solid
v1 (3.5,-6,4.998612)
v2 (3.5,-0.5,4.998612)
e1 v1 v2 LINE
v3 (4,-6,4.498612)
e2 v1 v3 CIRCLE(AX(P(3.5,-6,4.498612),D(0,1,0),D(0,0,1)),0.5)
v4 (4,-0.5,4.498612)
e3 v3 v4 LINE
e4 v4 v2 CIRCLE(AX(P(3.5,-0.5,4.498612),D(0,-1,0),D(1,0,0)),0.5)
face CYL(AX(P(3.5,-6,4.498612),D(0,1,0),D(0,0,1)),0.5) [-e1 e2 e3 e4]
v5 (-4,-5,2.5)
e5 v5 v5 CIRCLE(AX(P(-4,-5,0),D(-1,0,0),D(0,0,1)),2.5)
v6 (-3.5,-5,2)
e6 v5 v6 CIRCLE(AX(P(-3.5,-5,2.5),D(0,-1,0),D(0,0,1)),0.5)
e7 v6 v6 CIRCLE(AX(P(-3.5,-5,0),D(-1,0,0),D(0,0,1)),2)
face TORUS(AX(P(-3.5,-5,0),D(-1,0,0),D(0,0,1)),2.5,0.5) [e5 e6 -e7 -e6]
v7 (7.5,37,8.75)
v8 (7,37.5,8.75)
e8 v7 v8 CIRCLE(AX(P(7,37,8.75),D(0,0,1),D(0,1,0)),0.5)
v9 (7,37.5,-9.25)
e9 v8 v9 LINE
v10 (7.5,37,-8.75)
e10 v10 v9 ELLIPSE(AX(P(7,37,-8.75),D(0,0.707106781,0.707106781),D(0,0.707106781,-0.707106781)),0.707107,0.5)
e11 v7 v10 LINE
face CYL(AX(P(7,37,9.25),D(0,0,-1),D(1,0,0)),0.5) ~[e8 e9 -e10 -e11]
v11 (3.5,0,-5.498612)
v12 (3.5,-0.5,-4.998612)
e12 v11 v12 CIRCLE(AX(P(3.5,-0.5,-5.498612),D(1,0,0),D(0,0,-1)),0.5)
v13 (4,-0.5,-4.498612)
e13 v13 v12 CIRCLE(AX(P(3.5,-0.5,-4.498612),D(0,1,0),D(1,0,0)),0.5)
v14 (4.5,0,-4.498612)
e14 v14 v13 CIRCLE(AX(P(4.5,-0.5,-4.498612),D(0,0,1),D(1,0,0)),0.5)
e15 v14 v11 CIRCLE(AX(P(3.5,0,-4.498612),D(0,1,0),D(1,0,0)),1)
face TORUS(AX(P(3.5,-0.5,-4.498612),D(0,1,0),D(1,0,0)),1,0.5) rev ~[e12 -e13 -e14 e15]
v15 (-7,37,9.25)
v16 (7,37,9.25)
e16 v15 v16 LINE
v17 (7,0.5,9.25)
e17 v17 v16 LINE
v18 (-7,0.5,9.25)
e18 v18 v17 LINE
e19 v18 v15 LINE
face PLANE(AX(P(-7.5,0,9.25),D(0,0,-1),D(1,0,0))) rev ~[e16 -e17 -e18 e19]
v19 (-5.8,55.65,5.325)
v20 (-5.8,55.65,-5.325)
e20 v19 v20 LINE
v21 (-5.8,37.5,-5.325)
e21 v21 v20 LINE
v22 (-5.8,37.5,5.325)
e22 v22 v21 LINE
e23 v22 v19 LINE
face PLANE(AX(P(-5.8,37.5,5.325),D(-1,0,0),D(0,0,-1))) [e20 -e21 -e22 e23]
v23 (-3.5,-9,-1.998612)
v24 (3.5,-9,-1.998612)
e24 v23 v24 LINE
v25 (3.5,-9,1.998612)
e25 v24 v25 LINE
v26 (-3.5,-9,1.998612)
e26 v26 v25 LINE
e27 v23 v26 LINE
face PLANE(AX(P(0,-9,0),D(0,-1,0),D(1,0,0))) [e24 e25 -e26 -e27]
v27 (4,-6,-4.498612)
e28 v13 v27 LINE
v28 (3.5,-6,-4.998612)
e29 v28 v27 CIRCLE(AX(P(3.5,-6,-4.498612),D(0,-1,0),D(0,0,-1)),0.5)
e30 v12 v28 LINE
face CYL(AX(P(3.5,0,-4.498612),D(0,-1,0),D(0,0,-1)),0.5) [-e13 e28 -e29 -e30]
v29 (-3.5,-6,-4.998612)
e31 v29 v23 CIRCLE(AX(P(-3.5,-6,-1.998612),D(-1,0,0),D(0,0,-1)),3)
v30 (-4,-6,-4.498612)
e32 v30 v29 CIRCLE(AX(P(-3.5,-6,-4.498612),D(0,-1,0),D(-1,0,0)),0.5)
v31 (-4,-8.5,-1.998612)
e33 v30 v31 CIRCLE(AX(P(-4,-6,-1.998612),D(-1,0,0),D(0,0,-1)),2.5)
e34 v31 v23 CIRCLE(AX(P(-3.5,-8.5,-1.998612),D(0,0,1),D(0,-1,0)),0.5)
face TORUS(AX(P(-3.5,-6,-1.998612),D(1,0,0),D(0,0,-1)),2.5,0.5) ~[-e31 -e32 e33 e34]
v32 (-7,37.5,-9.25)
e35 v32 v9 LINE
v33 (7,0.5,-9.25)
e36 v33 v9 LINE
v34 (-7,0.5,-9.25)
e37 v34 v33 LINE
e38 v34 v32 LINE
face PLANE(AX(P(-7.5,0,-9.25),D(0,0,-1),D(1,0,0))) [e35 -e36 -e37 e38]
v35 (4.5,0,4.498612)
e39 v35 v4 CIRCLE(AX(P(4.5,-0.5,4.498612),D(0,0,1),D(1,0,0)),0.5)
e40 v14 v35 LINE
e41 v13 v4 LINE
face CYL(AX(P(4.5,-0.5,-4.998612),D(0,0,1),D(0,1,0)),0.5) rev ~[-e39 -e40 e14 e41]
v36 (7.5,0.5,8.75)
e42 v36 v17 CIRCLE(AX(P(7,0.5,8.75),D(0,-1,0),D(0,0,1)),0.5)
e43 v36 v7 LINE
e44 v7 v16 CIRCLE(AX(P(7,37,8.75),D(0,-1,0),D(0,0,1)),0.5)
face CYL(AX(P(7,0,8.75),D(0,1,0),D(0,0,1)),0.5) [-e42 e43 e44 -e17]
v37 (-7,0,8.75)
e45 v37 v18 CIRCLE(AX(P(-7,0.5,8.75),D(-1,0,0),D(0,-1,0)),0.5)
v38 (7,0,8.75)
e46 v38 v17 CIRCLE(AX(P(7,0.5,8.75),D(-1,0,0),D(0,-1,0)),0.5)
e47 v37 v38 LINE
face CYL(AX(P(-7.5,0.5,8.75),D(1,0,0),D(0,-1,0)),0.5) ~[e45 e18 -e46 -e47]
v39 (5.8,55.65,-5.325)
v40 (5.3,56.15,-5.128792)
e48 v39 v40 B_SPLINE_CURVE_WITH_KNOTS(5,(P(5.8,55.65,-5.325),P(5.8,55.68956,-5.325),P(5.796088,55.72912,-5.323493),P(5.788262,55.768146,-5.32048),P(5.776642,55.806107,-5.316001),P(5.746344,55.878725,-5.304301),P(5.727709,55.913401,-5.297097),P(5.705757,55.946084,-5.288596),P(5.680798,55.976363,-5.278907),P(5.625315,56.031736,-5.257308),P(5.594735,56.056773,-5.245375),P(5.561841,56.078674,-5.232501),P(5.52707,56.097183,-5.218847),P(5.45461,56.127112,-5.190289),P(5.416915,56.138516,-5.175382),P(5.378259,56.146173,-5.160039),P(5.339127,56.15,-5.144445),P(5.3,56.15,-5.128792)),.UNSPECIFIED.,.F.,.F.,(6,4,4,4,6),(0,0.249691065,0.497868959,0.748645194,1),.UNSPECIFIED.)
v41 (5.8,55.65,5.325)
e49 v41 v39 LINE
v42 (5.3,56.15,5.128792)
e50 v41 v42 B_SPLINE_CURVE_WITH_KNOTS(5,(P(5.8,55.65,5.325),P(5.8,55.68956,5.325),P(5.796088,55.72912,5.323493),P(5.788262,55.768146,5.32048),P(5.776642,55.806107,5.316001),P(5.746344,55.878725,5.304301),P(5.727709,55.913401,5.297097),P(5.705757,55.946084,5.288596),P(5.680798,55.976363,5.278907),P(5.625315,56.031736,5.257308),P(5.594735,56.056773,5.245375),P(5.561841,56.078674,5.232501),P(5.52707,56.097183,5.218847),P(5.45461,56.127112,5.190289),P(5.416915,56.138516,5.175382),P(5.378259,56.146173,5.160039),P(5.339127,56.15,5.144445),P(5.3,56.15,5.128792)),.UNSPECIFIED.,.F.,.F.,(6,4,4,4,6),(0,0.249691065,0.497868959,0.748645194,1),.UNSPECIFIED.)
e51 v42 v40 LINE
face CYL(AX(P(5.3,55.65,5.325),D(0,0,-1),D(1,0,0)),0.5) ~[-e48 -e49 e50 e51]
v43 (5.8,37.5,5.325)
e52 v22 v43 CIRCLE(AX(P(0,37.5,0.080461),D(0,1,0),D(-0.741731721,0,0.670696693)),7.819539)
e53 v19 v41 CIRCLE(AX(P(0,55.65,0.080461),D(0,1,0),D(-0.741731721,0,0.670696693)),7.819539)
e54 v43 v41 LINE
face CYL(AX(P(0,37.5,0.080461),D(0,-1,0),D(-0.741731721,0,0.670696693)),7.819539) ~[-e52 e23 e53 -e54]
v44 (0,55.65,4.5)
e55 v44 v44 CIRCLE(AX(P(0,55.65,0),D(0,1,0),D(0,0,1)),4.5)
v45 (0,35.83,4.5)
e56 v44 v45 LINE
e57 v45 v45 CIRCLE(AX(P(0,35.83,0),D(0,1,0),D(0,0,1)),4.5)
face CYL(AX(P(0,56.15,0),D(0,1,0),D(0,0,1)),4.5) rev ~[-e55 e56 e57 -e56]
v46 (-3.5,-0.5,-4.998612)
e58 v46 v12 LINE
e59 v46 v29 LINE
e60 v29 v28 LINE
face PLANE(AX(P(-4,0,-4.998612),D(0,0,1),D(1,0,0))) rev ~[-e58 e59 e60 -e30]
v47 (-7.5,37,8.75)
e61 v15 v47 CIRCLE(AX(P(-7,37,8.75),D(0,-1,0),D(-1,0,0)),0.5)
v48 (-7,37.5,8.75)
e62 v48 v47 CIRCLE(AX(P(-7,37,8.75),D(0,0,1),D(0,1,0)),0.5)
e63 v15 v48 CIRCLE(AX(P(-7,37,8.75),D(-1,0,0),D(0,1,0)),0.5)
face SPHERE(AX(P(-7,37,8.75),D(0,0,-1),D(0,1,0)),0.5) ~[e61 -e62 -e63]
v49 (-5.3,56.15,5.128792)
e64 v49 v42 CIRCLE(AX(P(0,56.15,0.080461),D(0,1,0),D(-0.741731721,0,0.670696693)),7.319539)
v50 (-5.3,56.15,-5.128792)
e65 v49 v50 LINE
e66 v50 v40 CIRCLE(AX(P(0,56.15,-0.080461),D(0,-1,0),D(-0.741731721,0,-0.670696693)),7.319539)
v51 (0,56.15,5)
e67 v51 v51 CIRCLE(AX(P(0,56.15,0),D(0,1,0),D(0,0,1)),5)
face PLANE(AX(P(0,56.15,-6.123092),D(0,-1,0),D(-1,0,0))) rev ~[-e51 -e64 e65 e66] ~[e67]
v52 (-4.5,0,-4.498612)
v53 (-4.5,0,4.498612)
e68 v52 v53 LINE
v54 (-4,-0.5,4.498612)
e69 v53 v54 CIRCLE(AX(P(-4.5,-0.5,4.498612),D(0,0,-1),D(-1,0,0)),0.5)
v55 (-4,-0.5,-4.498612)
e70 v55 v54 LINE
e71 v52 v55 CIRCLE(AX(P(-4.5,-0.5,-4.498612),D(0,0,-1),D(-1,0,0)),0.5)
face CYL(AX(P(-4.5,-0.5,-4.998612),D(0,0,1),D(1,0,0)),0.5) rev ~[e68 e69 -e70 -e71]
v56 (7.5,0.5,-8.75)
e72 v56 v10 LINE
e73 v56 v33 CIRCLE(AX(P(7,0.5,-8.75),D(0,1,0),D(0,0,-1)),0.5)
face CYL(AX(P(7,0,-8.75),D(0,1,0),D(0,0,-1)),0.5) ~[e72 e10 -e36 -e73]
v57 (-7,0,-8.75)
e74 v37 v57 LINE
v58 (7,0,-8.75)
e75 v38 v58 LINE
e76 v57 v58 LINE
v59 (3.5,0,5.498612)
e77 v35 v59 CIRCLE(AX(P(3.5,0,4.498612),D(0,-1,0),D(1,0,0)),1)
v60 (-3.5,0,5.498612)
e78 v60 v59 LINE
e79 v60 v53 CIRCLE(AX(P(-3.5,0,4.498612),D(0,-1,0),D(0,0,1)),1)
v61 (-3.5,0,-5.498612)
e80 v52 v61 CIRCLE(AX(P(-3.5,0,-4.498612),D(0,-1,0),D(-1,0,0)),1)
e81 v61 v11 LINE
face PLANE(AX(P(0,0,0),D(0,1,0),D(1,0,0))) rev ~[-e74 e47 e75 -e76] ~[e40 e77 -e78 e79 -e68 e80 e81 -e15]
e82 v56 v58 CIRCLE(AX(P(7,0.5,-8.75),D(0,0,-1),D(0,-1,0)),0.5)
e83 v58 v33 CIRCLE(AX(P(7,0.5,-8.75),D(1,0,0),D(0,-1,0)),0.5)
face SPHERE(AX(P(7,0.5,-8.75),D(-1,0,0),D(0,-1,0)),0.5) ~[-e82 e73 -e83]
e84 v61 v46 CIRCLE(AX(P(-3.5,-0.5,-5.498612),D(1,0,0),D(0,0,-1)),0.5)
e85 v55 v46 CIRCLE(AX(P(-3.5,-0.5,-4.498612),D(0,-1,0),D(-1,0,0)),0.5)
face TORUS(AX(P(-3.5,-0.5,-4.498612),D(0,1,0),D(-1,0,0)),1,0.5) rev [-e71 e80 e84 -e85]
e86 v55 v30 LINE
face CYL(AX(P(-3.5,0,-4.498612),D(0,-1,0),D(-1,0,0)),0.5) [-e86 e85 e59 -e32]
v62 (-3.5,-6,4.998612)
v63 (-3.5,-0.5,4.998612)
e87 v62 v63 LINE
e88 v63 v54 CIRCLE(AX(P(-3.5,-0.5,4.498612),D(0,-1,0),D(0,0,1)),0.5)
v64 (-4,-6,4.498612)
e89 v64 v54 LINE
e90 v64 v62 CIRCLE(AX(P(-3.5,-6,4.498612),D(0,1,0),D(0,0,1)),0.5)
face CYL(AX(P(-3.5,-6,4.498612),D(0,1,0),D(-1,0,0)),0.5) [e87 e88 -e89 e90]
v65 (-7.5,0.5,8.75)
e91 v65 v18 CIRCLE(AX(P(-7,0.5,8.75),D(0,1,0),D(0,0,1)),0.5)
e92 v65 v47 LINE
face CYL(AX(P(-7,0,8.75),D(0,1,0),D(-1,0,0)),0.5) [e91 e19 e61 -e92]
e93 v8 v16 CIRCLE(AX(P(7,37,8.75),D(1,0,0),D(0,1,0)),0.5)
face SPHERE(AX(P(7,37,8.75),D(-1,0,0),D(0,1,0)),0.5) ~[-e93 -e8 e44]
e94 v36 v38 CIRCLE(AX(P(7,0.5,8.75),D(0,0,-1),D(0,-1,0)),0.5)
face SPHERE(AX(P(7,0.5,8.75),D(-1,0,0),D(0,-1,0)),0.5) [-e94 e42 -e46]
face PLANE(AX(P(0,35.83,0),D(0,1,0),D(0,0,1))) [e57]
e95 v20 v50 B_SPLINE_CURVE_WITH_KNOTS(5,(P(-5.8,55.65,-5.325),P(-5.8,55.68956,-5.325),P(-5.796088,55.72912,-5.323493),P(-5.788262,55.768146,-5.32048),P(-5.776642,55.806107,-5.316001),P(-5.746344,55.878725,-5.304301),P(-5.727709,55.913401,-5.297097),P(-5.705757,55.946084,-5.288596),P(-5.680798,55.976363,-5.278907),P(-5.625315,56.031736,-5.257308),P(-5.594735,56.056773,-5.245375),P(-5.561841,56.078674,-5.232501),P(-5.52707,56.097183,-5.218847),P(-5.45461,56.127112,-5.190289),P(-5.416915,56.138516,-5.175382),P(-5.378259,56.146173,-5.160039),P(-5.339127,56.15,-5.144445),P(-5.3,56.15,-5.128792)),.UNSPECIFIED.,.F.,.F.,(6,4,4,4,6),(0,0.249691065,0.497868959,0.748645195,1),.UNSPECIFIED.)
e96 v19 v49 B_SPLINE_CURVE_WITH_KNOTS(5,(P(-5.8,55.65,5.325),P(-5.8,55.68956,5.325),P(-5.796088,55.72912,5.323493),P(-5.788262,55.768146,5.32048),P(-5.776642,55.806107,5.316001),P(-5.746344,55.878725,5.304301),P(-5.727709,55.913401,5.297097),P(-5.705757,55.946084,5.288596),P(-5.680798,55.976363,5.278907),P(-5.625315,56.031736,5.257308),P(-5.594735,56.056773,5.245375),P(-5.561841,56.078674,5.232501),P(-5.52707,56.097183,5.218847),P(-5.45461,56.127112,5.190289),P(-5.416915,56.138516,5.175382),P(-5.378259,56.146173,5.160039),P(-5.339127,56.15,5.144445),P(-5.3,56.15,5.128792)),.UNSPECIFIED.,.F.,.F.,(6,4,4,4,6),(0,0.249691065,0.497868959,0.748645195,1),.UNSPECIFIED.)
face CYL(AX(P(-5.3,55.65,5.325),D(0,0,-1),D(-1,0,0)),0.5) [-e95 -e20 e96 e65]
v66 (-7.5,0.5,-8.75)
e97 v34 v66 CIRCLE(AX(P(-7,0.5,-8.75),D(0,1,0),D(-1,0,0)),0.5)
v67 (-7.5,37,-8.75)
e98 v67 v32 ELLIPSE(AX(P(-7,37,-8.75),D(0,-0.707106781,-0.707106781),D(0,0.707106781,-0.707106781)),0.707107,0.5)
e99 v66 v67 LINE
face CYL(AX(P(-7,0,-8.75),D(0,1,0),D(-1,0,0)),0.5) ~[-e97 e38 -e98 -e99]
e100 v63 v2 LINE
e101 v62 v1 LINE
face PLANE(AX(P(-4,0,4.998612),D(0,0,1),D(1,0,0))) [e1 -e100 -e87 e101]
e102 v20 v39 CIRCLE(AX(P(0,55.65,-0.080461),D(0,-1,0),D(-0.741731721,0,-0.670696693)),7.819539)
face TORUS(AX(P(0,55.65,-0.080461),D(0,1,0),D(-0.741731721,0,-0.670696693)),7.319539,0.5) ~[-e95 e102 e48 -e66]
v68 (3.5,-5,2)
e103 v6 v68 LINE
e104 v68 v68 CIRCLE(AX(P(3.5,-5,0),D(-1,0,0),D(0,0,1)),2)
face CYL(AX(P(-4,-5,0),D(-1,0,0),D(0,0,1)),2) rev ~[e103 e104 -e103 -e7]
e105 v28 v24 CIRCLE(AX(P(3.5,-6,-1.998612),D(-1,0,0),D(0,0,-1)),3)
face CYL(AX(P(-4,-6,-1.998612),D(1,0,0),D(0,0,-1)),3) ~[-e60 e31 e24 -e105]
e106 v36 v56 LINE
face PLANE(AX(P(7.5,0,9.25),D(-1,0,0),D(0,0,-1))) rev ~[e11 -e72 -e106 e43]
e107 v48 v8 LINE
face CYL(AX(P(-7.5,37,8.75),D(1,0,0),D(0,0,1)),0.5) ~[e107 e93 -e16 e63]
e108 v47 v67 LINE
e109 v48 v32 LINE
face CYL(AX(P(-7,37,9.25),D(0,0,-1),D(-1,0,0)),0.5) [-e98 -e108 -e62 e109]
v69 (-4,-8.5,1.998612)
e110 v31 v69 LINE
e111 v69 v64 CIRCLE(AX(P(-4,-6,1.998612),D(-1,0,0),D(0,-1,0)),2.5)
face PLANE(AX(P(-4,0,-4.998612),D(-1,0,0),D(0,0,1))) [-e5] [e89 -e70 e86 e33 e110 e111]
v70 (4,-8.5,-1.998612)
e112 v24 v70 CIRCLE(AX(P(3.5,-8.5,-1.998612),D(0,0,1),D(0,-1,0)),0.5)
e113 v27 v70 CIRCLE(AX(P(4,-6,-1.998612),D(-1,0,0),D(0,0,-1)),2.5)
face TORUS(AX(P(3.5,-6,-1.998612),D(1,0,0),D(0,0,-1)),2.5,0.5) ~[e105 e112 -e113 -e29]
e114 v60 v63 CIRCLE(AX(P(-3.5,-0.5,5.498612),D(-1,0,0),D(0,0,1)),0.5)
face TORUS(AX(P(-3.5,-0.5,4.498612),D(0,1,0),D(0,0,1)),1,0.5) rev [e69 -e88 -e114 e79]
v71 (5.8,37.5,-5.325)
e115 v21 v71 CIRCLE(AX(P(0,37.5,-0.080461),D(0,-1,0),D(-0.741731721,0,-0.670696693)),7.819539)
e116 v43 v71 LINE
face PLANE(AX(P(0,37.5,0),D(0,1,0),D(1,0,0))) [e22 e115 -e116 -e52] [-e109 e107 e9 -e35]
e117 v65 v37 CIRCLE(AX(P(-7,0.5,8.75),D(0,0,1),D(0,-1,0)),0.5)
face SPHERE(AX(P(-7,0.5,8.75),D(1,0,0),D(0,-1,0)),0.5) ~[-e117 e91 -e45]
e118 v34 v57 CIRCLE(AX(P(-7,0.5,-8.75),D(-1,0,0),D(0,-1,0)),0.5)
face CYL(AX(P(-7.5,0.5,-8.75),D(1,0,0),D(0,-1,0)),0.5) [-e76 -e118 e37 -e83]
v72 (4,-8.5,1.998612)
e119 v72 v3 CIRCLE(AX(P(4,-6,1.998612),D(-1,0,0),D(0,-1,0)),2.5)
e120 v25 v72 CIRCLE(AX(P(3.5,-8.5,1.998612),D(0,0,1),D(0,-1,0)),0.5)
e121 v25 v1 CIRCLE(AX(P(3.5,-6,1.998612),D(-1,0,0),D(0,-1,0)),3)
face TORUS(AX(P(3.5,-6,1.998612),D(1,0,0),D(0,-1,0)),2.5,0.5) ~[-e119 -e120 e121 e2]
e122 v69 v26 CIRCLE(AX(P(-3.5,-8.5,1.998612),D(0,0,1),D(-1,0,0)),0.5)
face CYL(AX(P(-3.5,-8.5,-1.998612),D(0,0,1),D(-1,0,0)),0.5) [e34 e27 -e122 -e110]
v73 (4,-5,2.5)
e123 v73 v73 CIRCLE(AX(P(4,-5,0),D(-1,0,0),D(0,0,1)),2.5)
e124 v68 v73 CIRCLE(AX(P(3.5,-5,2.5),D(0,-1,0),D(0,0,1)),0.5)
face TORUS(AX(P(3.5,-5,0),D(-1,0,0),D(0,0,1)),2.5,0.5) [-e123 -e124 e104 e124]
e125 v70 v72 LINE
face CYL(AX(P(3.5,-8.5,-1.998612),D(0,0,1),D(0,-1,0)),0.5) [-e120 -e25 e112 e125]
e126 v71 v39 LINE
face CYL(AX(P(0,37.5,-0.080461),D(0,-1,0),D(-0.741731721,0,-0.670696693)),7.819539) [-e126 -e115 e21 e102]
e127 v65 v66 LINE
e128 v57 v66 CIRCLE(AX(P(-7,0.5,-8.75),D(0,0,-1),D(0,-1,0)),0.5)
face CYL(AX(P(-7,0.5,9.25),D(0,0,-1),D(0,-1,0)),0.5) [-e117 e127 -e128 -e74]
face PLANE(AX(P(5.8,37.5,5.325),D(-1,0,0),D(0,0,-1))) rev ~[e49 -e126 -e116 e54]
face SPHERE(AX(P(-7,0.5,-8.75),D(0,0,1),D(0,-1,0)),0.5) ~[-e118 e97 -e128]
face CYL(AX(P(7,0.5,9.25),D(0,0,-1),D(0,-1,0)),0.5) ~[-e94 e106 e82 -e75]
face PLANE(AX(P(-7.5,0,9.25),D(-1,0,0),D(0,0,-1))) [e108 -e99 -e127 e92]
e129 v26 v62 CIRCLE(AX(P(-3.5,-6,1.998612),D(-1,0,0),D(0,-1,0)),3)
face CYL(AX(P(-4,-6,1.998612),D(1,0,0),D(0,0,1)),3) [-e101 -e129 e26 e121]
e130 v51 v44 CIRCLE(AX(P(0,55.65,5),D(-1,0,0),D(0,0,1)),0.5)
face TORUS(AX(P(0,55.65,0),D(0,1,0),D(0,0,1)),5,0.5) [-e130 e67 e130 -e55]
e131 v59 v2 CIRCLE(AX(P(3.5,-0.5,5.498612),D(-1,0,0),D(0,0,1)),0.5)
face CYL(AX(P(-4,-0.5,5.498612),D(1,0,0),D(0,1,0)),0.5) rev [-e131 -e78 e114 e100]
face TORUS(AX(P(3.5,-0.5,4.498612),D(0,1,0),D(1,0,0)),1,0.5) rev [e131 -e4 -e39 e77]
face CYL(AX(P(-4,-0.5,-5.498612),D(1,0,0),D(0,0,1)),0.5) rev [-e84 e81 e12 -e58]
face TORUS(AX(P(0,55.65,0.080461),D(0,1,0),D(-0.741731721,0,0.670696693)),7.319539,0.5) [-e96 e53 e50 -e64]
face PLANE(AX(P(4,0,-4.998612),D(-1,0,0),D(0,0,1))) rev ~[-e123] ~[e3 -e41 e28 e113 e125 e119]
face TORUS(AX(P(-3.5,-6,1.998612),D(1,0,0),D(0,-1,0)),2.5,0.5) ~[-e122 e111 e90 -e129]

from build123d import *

# Parameters (mm, degrees)
SKETCH1_W           = 15
SKETCH1_H           = 18.5
BOSS_EXTRUDE1_DEPTH = 37.5
SKETCH2_W           = 8
SKETCH2_H           = 9.997224294
BOSS_EXTRUDE2_DEPTH = 9
SKETCH3_W           = 11.6
SKETCH3_H           = 10.65
BOSS_EXTRUDE3_DEPTH = 18.65
SKETCH4_R           = 4.5
CUT_EXTRUDE1_DEPTH  = 20.32
CUT_EXTRUDE2_REACH  = 60.057
SKETCH5_R           = 2
FILLET1_R           = 3
FILLET2_R           = 0.5
FILLET3_R           = 0.5


with BuildPart() as part:
    # Sketch1 → Boss-Extrude1 (new body)
    with BuildSketch(Plane(origin=(0, 0, 0), x_dir=(1, 0, 0), z_dir=(0, 1, 0))):
        Rectangle(SKETCH1_W, SKETCH1_H)
    extrude(amount=BOSS_EXTRUDE1_DEPTH)

    # Sketch2 → Boss-Extrude2 (add)
    with BuildSketch(Plane.XZ):
        Rectangle(SKETCH2_W, SKETCH2_H)
    extrude(amount=BOSS_EXTRUDE2_DEPTH)

    # Sketch3 → Boss-Extrude3 (add)
    with BuildSketch(Plane(origin=(0, 37.5, 0), x_dir=(1, 0, 0), z_dir=(0, 1, 0))):
        with BuildLine():
            ThreePointArc((-5.8, 5.325), (0, 7.9), (5.8, 5.325))
            Line((5.8, 5.325), (-5.8, 5.325))
        make_face()
        Rectangle(SKETCH3_W, SKETCH3_H)
        with BuildLine():
            ThreePointArc((-5.8, -5.325), (0, -7.9), (5.8, -5.325))
            Line((5.8, -5.325), (-5.8, -5.325))
        make_face()
    extrude(amount=BOSS_EXTRUDE3_DEPTH)

    # Sketch4 → Cut-Extrude1 (cut)
    with BuildSketch(Plane(origin=(0, 56.15, 0), x_dir=(1, 0, 0), z_dir=(0, 1, 0))):
        with Locations(Location((0, 0, 0), (0, 0, 270))):
            Circle(SKETCH4_R)
    extrude(amount=-CUT_EXTRUDE1_DEPTH, mode=Mode.SUBTRACT)

    # Sketch5 → Cut-Extrude2 (cut, up to next)
    with BuildSketch(Plane.ZY.offset(4), mode=Mode.PRIVATE) as cut_extrude2_sk1:
        with Locations((0, -5)):
            Circle(SKETCH5_R)
    cut_extrude2_tool1 = extrude(cut_extrude2_sk1.sketch, amount=-CUT_EXTRUDE2_REACH, mode=Mode.PRIVATE) & part.part
    add(cut_extrude2_tool1.solids().sort_by_distance((-4, -5, 0))[0], mode=Mode.SUBTRACT)

    # Fillet1
    fillet1_edges = [part.edges().sort_by_distance(p)[0] for p in [
        (0, -9, 4.998612147),
        (0, -9, -4.998612147),
    ]]
    fillet(fillet1_edges, radius=FILLET1_R)

    # Fillet2
    fillet2_edges = [part.edges().sort_by_distance(p)[0] for p in [
        (-7.5, 37.5, 0),
        (4, 0, 0),
        (0, 0, 4.998612147),
        (-4, 0, 0),
        (0, 0, -4.998612147),
        (0, 37.5, 9.25),
        (-4, -5, -2),
        (4, -5, -2),
        (4, -9, 0),
        (-4, -9, 0),
        (7.5, 37.5, 0),
        (0, 0, 9.25),
        (4, -3, 4.998612147),
        (4, -3, -4.998612147),
        (4, -8.121320344, 4.119932491),
        (4, -8.121320344, -4.119932491),
        (-4, -3, -4.998612147),
        (-4, -3, 4.998612147),
        (-4, -8.121320344, 4.119932491),
        (-4, -8.121320344, -4.119932491),
        (-7.5, 0, 0),
        (0, 0, -9.25),
        (7.5, 0, 0),
        (7.5, 18.75, 9.25),
        (-7.5, 18.75, 9.25),
        (-7.5, 18.75, -9.25),
        (7.5, 18.75, -9.25),
    ]]
    fillet(fillet2_edges, radius=FILLET2_R)

    # Fillet3
    fillet3_edges = [part.edges().sort_by_distance(p)[0] for p in [
        (0, 56.15, -7.9),
        (-5.8, 56.15, 0),
        (0, 56.15, 7.9),
        (5.8, 56.15, 0),
        (0, 56.15, -4.5),
    ]]
    fillet(fillet3_edges, radius=FILLET3_R)


solid = part.part
